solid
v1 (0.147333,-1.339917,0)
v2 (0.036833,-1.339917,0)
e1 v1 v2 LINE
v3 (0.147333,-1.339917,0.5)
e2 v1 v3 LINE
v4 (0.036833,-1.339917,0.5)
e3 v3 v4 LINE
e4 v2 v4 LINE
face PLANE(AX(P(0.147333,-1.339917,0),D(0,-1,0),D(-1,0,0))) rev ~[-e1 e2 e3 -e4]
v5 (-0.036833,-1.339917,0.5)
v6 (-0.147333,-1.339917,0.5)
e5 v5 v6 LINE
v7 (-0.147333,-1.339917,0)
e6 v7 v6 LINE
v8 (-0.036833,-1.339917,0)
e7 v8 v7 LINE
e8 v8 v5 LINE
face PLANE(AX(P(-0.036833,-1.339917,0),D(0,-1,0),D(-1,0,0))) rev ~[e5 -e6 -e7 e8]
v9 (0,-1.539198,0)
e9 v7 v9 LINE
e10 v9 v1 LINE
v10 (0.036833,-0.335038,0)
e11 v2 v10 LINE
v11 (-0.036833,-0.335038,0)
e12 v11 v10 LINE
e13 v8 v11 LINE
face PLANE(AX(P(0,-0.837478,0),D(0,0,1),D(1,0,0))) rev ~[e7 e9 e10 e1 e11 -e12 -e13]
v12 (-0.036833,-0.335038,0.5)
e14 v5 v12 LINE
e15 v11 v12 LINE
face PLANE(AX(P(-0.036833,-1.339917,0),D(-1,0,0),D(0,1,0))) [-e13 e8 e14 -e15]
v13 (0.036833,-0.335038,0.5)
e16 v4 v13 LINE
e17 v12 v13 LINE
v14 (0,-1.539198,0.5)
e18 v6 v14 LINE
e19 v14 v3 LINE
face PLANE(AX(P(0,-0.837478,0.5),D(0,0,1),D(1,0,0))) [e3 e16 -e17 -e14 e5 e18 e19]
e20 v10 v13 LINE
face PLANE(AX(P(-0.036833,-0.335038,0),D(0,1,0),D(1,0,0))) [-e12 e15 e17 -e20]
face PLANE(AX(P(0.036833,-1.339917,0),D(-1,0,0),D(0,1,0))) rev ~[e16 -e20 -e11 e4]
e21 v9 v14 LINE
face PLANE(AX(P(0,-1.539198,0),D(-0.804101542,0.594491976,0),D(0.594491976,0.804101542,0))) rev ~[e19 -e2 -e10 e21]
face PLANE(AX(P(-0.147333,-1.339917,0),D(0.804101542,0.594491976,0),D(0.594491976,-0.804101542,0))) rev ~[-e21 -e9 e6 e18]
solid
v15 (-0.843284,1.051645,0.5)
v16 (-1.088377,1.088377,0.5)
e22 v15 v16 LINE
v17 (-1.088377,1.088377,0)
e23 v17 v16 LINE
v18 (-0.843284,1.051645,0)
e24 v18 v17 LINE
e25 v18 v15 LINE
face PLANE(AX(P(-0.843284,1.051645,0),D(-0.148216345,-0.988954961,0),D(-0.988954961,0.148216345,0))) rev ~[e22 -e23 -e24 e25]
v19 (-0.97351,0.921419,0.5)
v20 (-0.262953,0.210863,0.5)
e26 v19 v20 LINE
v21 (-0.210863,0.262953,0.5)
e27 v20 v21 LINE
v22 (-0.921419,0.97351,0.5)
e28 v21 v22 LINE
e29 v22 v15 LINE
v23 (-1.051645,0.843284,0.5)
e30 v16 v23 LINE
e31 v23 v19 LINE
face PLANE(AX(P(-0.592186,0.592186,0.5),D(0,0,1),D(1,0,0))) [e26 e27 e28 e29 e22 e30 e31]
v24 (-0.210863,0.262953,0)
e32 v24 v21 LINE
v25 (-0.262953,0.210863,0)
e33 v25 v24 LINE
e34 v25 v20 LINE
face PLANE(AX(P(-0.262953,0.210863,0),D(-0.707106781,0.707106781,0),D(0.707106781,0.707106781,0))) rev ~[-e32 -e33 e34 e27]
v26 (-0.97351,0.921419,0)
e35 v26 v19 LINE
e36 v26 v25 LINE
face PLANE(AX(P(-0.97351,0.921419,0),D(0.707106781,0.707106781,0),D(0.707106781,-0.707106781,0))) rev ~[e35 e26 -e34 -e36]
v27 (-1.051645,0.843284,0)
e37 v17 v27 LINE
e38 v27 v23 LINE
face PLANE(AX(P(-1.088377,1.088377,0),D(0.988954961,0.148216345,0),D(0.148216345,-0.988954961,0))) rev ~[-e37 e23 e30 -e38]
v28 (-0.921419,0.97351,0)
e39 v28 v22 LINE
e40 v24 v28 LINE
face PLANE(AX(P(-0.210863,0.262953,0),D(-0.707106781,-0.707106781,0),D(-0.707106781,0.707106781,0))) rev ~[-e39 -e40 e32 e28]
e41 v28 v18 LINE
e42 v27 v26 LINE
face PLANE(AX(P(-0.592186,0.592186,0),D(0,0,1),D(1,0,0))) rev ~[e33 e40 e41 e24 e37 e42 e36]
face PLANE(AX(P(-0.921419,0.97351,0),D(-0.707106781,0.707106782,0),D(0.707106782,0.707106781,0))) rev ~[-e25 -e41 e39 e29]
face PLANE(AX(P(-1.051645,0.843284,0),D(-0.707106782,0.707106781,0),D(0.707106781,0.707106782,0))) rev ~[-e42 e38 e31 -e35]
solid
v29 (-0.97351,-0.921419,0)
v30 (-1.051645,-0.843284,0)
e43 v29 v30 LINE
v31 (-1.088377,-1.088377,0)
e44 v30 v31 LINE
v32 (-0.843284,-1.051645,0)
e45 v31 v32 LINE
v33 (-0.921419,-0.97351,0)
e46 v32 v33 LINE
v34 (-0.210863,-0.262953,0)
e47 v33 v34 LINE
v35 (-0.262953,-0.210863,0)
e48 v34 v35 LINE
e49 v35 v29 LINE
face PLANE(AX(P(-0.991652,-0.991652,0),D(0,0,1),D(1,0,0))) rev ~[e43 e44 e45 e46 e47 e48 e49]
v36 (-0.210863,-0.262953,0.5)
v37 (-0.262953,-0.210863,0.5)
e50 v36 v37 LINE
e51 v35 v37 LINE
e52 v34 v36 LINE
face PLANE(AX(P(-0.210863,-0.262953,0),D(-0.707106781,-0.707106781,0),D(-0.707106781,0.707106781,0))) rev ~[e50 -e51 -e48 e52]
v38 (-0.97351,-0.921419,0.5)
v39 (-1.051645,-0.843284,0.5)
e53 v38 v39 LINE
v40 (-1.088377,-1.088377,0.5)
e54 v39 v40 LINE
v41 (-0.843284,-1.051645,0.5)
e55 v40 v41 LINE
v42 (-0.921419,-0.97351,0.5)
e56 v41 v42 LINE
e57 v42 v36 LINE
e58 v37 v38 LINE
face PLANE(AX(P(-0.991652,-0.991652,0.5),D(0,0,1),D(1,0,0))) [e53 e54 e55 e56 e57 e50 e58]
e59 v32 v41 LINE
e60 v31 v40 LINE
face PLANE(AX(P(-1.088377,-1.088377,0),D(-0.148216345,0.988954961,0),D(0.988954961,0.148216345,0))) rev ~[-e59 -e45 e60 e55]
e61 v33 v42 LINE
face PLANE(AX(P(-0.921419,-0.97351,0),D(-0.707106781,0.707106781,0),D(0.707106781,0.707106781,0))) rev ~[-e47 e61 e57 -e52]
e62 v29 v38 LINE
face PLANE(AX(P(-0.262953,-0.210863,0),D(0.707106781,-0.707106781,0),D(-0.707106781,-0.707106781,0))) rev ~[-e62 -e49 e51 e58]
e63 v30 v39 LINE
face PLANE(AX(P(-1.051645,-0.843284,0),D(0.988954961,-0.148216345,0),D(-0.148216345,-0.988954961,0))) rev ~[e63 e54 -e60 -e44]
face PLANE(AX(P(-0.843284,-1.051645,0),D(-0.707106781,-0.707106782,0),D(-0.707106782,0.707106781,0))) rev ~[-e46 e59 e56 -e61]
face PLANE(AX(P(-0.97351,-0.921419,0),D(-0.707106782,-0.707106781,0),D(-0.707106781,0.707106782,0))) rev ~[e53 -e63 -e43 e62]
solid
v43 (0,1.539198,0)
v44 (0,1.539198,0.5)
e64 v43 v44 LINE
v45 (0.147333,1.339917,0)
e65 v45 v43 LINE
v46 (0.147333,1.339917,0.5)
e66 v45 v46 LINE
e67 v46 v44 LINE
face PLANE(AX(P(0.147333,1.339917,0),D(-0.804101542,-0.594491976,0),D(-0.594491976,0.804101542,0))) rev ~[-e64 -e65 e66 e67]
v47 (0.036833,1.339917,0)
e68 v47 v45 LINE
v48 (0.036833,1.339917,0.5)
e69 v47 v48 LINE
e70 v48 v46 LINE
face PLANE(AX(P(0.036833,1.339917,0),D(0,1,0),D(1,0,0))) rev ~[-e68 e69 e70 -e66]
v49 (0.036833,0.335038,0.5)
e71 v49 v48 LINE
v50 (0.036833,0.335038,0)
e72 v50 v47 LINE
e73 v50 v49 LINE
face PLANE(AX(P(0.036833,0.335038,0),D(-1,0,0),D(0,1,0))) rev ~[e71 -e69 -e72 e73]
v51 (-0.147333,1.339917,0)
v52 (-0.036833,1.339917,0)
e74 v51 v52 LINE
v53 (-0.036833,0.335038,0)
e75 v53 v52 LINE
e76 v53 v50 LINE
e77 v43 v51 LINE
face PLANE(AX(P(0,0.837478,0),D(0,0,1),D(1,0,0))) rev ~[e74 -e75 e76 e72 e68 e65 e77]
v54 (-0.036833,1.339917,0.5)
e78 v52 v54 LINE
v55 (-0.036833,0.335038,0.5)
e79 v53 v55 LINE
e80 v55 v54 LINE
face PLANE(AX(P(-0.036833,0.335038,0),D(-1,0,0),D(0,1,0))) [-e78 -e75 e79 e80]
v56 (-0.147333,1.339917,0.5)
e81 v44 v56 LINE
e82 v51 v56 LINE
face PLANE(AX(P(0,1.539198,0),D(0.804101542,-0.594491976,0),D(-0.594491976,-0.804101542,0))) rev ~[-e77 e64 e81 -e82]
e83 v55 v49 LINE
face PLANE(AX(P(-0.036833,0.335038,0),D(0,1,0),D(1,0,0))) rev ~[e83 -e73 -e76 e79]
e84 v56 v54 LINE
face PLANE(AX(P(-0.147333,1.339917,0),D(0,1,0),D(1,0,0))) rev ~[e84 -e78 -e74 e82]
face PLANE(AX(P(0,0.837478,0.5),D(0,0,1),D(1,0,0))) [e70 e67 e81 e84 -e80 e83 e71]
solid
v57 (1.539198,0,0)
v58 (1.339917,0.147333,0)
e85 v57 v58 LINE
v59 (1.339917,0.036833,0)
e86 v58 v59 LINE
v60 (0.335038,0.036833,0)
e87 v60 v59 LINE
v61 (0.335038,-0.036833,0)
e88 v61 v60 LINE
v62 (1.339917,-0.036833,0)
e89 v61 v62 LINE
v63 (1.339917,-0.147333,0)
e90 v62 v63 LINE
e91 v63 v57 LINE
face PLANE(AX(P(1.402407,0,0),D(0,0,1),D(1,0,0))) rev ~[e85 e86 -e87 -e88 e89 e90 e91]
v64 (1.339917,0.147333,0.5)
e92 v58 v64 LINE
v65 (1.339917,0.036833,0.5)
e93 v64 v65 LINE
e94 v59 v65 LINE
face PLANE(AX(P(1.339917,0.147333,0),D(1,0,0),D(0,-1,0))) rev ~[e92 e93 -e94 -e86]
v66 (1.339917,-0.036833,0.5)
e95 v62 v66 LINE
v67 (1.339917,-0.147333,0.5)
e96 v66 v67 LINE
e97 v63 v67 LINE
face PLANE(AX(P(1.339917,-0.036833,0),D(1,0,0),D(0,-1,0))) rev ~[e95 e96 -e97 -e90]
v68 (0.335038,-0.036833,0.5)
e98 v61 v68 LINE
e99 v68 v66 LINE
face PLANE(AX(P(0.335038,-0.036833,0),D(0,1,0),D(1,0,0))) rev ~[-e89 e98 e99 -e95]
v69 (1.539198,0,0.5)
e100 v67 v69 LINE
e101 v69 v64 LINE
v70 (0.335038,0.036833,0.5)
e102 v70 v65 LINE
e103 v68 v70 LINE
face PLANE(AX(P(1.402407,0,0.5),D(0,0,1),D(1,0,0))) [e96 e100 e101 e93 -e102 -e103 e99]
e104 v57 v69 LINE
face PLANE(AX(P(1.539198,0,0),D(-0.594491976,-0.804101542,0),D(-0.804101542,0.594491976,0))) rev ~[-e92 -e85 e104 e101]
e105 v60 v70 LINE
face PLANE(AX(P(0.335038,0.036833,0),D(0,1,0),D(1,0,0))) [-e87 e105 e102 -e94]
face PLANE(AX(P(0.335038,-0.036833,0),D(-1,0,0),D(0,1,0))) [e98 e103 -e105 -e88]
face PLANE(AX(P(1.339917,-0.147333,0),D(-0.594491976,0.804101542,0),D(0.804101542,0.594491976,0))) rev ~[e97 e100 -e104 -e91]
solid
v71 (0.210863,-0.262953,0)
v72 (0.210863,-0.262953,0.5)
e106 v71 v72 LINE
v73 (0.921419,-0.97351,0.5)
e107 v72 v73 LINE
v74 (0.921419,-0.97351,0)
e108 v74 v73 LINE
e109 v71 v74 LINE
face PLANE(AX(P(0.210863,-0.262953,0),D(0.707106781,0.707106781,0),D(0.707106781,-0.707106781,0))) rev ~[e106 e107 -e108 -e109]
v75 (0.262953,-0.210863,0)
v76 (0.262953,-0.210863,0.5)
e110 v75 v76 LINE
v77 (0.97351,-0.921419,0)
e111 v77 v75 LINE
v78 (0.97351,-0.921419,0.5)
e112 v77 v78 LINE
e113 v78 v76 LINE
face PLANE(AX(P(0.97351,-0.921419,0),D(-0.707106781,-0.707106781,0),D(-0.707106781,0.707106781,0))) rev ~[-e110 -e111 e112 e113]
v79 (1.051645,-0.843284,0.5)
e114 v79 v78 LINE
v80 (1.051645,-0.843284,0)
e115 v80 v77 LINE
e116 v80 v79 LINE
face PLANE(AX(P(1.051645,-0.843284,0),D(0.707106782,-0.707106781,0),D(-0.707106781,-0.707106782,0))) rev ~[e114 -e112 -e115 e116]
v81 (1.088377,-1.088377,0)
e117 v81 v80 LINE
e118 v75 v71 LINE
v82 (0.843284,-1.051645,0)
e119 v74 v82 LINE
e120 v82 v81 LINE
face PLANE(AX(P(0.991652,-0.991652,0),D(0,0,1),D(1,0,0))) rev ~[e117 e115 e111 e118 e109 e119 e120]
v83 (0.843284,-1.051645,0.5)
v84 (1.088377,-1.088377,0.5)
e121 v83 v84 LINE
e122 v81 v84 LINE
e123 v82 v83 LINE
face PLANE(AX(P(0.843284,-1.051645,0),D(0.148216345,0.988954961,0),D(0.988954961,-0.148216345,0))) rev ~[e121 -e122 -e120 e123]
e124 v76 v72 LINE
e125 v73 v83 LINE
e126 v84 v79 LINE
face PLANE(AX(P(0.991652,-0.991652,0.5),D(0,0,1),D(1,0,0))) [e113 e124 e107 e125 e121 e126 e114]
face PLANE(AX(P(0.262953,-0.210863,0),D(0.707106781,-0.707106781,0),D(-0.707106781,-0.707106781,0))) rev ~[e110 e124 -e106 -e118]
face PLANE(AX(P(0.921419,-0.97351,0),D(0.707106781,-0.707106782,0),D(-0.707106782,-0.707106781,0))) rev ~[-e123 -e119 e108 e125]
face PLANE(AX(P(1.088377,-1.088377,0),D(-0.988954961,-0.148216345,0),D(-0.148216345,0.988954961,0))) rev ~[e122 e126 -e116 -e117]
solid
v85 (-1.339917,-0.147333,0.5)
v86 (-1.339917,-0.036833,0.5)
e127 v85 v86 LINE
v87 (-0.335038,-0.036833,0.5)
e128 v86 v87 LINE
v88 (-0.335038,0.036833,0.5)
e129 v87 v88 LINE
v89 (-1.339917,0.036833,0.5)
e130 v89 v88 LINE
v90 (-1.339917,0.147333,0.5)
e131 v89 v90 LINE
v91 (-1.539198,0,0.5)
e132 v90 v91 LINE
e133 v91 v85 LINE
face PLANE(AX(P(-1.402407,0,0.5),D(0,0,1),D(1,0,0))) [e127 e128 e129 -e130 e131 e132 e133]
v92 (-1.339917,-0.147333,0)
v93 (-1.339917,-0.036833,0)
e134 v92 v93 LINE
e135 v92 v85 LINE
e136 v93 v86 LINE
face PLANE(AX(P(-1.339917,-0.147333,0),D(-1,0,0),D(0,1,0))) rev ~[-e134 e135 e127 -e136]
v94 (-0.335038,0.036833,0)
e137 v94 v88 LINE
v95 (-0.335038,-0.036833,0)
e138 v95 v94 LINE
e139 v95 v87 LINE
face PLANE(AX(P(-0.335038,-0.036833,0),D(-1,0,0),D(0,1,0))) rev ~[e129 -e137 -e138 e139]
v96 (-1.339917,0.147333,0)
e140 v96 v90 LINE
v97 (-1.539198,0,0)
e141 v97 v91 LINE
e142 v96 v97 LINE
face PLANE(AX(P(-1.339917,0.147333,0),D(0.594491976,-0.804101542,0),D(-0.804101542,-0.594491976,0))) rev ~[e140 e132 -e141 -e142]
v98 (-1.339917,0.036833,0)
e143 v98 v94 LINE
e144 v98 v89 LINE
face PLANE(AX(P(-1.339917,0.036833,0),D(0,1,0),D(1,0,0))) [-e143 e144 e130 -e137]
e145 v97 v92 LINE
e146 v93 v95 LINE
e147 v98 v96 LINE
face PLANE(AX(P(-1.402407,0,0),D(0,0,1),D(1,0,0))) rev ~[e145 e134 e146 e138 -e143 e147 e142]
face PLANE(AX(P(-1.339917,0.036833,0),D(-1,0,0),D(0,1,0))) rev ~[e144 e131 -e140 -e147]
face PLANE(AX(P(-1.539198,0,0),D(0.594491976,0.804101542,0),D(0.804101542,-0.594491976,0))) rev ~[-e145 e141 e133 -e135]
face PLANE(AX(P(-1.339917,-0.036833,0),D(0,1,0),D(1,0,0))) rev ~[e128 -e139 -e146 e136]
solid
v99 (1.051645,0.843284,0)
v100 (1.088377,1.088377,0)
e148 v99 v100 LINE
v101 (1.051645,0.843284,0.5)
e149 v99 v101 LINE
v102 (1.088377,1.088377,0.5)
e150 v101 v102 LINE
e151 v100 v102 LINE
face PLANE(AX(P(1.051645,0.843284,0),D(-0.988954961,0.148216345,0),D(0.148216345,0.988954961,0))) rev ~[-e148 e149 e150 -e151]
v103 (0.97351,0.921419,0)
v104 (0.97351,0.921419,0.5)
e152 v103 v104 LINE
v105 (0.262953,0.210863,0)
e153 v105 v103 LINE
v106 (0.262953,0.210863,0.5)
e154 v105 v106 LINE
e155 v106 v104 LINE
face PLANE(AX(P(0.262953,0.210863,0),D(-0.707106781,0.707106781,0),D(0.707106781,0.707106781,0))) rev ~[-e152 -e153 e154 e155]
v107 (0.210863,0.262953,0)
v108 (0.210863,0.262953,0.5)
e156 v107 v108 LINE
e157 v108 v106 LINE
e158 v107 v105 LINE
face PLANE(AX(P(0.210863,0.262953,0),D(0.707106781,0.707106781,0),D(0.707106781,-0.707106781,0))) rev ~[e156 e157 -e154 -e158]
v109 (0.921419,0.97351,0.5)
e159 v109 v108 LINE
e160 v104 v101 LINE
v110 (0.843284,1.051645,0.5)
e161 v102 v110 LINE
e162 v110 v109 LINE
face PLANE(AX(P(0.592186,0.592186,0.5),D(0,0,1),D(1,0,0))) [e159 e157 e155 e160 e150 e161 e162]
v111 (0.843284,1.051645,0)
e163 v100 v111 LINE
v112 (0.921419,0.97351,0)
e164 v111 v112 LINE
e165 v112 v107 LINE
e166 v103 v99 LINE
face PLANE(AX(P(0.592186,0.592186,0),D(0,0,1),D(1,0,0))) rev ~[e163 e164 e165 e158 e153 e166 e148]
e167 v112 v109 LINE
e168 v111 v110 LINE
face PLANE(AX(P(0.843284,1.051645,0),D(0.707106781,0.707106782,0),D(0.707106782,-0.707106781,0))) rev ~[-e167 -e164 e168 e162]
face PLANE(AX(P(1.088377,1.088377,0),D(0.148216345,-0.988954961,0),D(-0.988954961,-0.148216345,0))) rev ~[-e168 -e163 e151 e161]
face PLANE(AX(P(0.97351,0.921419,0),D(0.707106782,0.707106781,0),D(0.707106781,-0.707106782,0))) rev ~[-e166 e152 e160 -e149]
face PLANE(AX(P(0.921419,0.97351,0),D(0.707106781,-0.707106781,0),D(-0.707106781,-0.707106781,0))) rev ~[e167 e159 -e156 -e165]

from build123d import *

# Parameters (mm, degrees)
F1_DEPTH = 0.5
F0_W     = 0.073666525
F0_H     = 1.0048788058
F0_W_2   = 1.0048788058
F0_H_2   = 0.073666525


with BuildPart() as f1:
    # F0 (on Top) → F1 (new body)
    with BuildSketch(Plane.XY):
        Polygon((0.9735095352, -0.9214194358), (0.9214194358, -0.9735095352), (0.8432842867, -1.0516446842), (1.0883771669, -1.0883771669), (1.0516446842, -0.8432842867), align=None)
        Polygon((0.210862818, -0.2629529173), (0.9214194358, -0.9735095352), (0.9735095352, -0.9214194358), (0.2629529173, -0.210862818), align=None)
    extrude(amount=F1_DEPTH)


with BuildPart() as f1b:
    # F0 (on Top) → F1, piece 2 (new body)
    with BuildSketch(Plane.XY):
        Polygon((-0.210862818, 0.2629529173), (-0.9214194358, 0.9735095352), (-0.9735095352, 0.9214194358), (-0.2629529173, 0.210862818), align=None)
        Polygon((-0.9735095352, 0.9214194358), (-0.9214194358, 0.9735095352), (-0.8432842867, 1.0516446842), (-1.0883771669, 1.0883771669), (-1.0516446842, 0.8432842867), align=None)
    extrude(amount=F1_DEPTH)


with BuildPart() as f1c:
    # F0 (on Top) → F1, piece 3 (new body)
    with BuildSketch(Plane.XY):
        Polygon((-0.9214194358, -0.9735095352), (-0.9735095352, -0.9214194358), (-1.0516446842, -0.8432842867), (-1.0883771669, -1.0883771669), (-0.8432842867, -1.0516446842), align=None)
        Polygon((-0.2629529173, -0.210862818), (-0.9735095352, -0.9214194358), (-0.9214194358, -0.9735095352), (-0.210862818, -0.2629529173), align=None)
    extrude(amount=F1_DEPTH)


with BuildPart() as f1d:
    # F0 (on Top) → F1, piece 4 (new body)
    with BuildSketch(Plane.XY):
        with Locations((0, -0.8374777224)):
            Rectangle(F0_W, F0_H)
        Polygon((0.0368332625, -1.3399171252), (-0.0368332625, -1.3399171252), (-0.14733305, -1.3399171252), (0, -1.5391977504), (0.14733305, -1.3399171252), align=None)
    extrude(amount=F1_DEPTH)


with BuildPart() as f1e:
    # F0 (on Top) → F1, piece 5 (new body)
    with BuildSketch(Plane.XY):
        Polygon((-1.3399171252, -0.0368332625), (-1.3399171252, 0.0368332625), (-1.3399171252, 0.14733305), (-1.5391977504, 0), (-1.3399171252, -0.14733305), align=None)
        with Locations((-0.8374777224, 0)):
            Rectangle(F0_W_2, F0_H_2)
    extrude(amount=F1_DEPTH)


with BuildPart() as f1f:
    # F0 (on Top) → F1, piece 6 (new body)
    with BuildSketch(Plane.XY):
        with Locations((0, 0.8374777224)):
            Rectangle(F0_W, F0_H)
        Polygon((-0.14733305, 1.3399171252), (-0.0368332625, 1.3399171252), (0.0368332625, 1.3399171252), (0.14733305, 1.3399171252), (0, 1.5391977504), align=None)
    extrude(amount=F1_DEPTH)


with BuildPart() as f1g:
    # F0 (on Top) → F1, piece 7 (new body)
    with BuildSketch(Plane.XY):
        Polygon((0.9735095352, 0.9214194358), (0.9214194358, 0.9735095352), (0.210862818, 0.2629529173), (0.2629529173, 0.210862818), align=None)
        Polygon((1.0883771669, 1.0883771669), (0.8432842867, 1.0516446842), (0.9214194358, 0.9735095352), (0.9735095352, 0.9214194358), (1.0516446842, 0.8432842867), align=None)
    extrude(amount=F1_DEPTH)


with BuildPart() as f1h:
    # F0 (on Top) → F1, piece 8 (new body)
    with BuildSketch(Plane.XY):
        Polygon((1.5391977504, 0), (1.3399171252, 0.14733305), (1.3399171252, 0.0368332625), (1.3399171252, -0.0368332625), (1.3399171252, -0.14733305), align=None)
        with Locations((0.8374777224, 0)):
            Rectangle(F0_W_2, F0_H_2)
    extrude(amount=F1_DEPTH)


solid = Compound([f1.part, f1b.part, f1c.part, f1d.part, f1e.part, f1f.part, f1g.part, f1h.part])
